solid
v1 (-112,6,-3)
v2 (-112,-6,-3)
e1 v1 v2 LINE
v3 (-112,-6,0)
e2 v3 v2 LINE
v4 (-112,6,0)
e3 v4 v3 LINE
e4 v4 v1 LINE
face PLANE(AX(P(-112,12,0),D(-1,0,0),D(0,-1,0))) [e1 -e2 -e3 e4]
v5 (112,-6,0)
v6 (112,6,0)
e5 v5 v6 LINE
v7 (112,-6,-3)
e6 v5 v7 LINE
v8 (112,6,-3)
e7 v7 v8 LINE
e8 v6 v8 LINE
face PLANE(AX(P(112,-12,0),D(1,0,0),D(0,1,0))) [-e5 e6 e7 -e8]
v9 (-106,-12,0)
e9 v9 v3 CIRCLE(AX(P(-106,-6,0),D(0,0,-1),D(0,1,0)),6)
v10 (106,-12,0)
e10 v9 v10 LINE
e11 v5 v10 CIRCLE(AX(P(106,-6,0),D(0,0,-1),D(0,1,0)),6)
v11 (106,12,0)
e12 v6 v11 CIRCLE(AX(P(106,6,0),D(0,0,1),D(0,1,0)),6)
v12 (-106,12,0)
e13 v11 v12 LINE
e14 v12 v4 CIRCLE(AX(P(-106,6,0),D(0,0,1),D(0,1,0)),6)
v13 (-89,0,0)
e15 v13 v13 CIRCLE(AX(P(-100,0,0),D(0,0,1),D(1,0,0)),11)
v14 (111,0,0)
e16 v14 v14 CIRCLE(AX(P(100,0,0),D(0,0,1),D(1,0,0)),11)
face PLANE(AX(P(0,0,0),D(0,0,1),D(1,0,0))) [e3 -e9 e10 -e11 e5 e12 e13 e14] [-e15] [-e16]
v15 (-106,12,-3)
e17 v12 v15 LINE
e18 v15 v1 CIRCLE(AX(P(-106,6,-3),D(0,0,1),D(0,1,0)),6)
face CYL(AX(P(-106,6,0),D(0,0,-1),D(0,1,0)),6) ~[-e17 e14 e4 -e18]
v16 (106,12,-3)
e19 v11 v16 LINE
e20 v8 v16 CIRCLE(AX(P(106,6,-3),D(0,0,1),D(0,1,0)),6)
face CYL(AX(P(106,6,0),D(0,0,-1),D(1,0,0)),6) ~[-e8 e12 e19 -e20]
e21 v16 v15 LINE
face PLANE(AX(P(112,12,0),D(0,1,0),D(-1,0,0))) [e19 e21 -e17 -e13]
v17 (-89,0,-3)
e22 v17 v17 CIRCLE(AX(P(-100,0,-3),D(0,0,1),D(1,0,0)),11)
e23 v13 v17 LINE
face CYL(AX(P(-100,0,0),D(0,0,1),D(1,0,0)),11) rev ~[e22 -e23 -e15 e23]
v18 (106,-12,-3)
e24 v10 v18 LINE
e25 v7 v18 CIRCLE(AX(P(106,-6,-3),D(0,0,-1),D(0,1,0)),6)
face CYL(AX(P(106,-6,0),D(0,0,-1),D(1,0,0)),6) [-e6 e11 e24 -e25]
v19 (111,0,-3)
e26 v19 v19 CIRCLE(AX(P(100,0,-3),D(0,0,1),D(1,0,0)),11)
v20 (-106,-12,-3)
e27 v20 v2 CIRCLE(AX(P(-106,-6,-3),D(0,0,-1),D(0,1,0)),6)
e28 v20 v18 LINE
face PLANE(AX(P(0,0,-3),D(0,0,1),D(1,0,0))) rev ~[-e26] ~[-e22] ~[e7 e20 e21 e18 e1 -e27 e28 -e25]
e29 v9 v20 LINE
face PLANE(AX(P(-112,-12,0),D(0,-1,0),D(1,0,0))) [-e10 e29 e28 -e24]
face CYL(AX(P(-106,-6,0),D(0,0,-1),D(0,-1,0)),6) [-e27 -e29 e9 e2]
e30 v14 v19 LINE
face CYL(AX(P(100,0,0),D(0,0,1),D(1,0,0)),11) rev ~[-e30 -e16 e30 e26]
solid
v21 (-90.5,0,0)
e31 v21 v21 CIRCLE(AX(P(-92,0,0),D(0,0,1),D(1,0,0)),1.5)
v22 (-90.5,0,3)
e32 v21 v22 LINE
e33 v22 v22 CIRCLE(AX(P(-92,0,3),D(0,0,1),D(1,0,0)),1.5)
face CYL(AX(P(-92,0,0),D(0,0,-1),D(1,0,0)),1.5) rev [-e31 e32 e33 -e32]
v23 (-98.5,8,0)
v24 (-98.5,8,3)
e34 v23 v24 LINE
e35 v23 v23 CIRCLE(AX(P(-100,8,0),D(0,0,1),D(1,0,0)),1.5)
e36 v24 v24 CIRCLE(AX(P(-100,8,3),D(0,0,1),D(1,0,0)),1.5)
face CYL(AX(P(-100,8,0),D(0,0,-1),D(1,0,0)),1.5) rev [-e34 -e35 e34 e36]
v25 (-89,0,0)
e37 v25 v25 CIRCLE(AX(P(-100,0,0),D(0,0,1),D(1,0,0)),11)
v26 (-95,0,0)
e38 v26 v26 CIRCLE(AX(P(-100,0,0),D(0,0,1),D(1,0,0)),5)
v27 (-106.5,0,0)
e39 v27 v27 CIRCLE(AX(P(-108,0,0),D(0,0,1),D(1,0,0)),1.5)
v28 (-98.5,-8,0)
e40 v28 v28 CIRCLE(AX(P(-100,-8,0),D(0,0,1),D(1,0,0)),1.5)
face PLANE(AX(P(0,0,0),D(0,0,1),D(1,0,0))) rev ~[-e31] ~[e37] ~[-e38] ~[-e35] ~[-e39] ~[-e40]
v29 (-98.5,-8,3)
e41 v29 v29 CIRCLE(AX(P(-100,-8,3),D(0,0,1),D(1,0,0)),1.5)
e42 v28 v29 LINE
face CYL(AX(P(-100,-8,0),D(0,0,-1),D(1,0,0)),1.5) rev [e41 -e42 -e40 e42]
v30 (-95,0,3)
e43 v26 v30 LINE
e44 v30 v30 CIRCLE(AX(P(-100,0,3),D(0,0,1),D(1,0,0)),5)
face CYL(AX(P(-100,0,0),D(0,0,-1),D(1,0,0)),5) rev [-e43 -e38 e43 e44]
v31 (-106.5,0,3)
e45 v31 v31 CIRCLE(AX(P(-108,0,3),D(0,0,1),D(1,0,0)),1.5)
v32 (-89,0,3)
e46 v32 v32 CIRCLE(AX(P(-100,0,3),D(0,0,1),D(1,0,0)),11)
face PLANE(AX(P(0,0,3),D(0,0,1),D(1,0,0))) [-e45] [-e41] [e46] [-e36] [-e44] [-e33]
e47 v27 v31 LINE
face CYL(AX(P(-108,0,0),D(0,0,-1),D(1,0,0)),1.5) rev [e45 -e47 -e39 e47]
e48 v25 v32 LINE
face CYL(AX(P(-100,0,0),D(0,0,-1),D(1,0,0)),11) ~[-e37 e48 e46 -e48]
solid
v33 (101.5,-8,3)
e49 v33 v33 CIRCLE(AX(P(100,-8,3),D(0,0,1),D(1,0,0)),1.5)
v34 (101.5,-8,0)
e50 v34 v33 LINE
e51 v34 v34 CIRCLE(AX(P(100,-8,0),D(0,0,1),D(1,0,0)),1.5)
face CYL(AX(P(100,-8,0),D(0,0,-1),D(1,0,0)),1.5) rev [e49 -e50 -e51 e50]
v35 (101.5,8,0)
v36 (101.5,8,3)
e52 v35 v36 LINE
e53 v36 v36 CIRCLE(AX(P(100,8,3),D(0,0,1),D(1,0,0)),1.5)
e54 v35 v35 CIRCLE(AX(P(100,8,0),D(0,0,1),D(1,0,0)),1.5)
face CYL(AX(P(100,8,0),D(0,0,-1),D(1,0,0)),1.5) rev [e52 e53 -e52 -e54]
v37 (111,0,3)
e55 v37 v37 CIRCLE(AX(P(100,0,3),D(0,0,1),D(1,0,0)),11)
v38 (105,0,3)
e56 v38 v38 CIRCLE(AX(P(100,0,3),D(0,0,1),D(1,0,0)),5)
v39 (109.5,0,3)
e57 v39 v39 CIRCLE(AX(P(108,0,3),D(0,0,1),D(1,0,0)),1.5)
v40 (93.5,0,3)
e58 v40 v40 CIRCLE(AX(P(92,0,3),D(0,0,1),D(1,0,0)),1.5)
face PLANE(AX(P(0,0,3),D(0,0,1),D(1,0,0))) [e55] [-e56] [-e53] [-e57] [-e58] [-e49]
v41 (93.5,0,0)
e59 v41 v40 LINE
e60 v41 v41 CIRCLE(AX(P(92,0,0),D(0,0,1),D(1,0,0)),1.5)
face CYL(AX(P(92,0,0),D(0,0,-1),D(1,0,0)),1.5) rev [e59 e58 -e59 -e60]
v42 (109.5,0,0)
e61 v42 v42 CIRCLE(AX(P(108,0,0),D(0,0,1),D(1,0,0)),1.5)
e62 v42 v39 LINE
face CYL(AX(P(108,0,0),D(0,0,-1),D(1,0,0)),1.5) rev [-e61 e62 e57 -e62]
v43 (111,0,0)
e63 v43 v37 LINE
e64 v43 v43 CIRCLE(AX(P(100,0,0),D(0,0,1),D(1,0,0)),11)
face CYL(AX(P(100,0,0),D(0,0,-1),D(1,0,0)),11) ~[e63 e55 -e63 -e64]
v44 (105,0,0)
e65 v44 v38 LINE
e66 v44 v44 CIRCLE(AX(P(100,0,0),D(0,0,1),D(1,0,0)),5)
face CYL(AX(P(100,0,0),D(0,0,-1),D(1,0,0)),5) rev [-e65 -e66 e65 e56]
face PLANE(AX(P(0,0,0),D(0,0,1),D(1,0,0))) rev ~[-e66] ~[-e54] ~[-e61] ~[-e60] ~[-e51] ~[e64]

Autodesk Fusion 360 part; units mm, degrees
sketch "Sketch1" plane through (0, 0, 0) normal (0, 0, 1) x (1, 0, 0)
  line L0 (112, 12) -> (-112, 12)
  line L1 (-112, 12) -> (-112, -12)
  line L2 (-112, -12) -> (112, -12)
  line L3 (112, -12) -> (112, 12)
  line L4 (112, 12) -> (-112, -12) construction
  line L5 (-112, 12) -> (112, -12) construction
  circle A0 centre (-100, 0) radius 11
  circle A1 centre (-100, 0) radius 8 construction
  circle A2 centre (-100, 0) radius 5
  line L6 (0, 12) -> (0, -12) construction
  circle A3 centre (100, 0) radius 11
  circle A4 centre (100, 0) radius 8 construction
  circle A5 centre (100, 0) radius 5
  line L7 (-100, 16) -> (-100, -17.1313) construction
  line L8 (100, 15) -> (100, -17.9102) construction
  circle A6 centre (-100, 8) radius 1.5
  circle A7 centre (-92, 0) radius 1.5
  circle A8 centre (-100, -8) radius 1.5
  circle A9 centre (-108, 0) radius 1.5
  circle A10 centre (100, 8) radius 1.5
  circle A11 centre (108, 0) radius 1.5
  circle A12 centre (92, 0) radius 1.5
  circle A13 centre (100, -8) radius 1.5
  dimension "d1" = 224
  dimension "d2" = 24
  dimension "d3" = 22
  dimension "d4" = 16
  dimension "d5" = 10
  dimension "d6" = 12
  dimension "d7" = 12
  dimension "d8" = 3
  dimension "d9" = 3
  dimension "d10" = 3
  dimension "d11" = 3
  dimension "d12" = 3
  dimension "d13" = 3
  dimension "d14" = 3
  dimension "d15" = 3
sketch "Sketch2" plane through (0, 0, 0) normal (0, 0, 1) x (1, 0, 0)
extrude "Extrude1" add sketch "Sketch1" along normal blind 3 contours A0 | A3 makes body 1 at (-106.962, -3.4918, 0) makes body 2 at (106.962, -3.4918, 0)
extrude "Extrude2" add sketch "Sketch1" against normal blind 3 separate body contours L0 L1 L2 L3 makes body 3
fillet "Fillet1" radius 6 2 edges at (-112, -12, -1.5) (112, -12, -1.5) on bodies 3
fillet "Fillet2" radius 6 2 edges at (112, 12, -1.5) (-112, 12, -1.5) on bodies 3
